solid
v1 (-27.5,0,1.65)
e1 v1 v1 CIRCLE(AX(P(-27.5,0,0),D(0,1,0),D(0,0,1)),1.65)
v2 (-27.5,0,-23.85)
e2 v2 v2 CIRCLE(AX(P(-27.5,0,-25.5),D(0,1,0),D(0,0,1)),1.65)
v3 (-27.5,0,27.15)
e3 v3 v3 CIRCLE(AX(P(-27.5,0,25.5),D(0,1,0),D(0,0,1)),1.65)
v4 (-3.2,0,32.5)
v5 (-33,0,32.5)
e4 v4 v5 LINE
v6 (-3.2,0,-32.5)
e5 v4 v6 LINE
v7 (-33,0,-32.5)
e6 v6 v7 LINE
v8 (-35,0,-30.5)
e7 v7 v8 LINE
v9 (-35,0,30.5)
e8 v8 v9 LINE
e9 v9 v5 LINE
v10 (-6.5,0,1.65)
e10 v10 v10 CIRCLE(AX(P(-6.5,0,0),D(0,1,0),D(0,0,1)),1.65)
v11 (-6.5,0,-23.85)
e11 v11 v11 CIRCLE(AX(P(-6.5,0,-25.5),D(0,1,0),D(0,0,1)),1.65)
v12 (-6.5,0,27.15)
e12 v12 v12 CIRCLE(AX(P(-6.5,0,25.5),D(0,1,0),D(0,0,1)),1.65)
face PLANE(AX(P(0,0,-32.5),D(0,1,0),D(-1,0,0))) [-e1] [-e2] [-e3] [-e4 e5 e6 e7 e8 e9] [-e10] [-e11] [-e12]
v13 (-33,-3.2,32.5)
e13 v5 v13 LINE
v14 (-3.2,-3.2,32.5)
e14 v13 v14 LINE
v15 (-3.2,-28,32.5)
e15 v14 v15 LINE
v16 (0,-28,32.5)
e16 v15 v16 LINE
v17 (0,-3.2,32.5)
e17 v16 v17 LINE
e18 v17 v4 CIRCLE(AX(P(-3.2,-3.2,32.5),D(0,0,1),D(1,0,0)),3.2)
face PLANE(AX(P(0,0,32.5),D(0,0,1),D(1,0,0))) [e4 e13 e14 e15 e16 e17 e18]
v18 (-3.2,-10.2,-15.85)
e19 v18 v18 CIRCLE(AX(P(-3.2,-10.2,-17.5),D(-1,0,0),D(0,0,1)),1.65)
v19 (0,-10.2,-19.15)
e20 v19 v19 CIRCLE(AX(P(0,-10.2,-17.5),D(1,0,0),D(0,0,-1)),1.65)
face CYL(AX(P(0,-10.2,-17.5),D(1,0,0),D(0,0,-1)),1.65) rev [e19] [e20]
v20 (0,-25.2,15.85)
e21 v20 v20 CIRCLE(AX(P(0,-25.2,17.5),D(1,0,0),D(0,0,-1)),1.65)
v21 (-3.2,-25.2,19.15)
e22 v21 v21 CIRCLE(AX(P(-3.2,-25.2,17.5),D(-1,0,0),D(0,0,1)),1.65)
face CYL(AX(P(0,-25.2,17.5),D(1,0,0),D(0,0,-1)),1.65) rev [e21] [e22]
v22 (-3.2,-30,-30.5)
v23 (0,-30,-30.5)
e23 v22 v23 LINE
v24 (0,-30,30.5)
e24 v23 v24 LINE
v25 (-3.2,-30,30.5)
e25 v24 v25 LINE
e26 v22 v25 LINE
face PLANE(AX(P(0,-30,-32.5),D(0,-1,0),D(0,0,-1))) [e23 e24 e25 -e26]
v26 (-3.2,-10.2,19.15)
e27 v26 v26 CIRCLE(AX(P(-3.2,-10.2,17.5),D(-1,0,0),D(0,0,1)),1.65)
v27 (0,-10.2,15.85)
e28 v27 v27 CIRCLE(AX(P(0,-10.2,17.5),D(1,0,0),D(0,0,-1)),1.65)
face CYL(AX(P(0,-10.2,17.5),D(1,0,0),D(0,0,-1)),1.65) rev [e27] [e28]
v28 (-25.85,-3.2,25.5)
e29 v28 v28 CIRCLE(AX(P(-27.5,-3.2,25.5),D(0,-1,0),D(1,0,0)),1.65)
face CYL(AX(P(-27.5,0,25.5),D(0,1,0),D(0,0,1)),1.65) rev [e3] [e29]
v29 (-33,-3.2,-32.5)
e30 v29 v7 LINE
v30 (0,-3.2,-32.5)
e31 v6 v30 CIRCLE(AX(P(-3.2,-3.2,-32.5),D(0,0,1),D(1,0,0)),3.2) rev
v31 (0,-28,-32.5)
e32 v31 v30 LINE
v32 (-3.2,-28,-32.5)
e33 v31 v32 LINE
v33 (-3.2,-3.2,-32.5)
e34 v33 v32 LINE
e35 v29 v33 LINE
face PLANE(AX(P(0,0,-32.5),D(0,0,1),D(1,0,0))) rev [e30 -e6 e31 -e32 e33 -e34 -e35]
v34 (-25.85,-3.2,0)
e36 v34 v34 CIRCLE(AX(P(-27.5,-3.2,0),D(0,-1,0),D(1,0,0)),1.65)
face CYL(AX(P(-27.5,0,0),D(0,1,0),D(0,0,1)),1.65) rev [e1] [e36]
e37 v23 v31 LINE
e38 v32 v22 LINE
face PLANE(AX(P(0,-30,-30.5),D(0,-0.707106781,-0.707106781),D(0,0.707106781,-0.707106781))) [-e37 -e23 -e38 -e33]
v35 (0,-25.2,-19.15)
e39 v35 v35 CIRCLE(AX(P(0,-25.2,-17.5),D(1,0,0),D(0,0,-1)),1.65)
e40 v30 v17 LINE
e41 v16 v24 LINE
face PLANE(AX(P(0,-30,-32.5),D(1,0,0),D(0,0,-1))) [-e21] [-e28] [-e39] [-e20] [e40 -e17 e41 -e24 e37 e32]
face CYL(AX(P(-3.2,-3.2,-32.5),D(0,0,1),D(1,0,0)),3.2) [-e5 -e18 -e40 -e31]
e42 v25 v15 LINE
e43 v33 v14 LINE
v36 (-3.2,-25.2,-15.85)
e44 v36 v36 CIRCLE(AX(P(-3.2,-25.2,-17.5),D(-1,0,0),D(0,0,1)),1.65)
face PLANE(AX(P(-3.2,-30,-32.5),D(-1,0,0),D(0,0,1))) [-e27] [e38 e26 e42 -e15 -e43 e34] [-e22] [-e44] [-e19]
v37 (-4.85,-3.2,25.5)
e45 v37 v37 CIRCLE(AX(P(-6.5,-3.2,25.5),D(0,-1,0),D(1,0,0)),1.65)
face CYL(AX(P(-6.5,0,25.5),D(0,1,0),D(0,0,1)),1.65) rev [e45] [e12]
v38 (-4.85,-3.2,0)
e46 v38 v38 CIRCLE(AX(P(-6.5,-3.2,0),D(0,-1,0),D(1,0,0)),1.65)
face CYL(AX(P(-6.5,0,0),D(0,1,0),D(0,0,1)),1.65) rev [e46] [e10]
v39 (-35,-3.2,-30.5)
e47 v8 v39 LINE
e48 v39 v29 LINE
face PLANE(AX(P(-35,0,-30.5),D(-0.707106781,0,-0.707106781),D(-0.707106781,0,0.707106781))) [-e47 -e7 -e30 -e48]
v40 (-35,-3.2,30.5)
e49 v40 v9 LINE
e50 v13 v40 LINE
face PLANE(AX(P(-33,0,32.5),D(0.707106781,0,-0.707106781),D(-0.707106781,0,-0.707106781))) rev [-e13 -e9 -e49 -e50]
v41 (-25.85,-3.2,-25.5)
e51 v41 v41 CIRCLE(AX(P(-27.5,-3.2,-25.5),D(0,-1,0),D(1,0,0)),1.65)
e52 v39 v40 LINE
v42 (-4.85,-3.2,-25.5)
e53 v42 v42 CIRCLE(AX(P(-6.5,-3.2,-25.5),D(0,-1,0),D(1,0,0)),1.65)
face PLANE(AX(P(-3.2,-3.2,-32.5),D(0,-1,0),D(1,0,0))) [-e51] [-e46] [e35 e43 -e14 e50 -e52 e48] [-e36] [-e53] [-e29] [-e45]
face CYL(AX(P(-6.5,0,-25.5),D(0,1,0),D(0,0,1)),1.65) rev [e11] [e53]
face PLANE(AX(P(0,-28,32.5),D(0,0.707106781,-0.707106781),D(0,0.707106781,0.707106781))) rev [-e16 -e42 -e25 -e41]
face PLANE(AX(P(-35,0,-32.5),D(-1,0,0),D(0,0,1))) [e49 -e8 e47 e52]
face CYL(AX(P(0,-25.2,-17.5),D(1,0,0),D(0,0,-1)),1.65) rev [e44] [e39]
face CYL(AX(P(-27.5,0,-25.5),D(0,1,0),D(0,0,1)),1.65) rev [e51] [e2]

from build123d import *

# Parameters (mm, degrees)
BOSS_EXTRUDE1_DEPTH       = 32.5
BOSS_EXTRUDE1_DEPTH_BACK  = 32.5
FILLET1_R                 = 3.2
M4X0_7_TAPPED_HOLE1_D     = 3.3
M4X0_7_TAPPED_HOLE1_DEPTH = 3.2
M4X0_7_TAPPED_HOLE2_D     = 3.3
M4X0_7_TAPPED_HOLE2_DEPTH = 3.2
LPATTERN1_COUNT           = 2
LPATTERN1_PITCH           = 21
LPATTERN1_COUNT_DIR2      = 3
LPATTERN1_PITCH_DIR2      = 25.5
CHAMFER1_SIZE             = 2


with BuildPart() as part:
    # Sketch1 → Boss-Extrude1 (new body, two sides)
    with BuildSketch(Plane.XY) as boss_extrude1_sk:
        Polygon((0, -30), (-3.2, -30), (-3.2, -3.2), (-35, -3.2), (-35, 0), (0, 0), align=None)
    extrude(amount=BOSS_EXTRUDE1_DEPTH)
    extrude(boss_extrude1_sk.sketch, amount=-BOSS_EXTRUDE1_DEPTH_BACK)

    # Fillet1
    fillet1_edges = [part.edges().sort_by_distance(p)[0] for p in [
        (0, 0, 0),
    ]]
    fillet(fillet1_edges, radius=FILLET1_R)

    # M4x0.7 Tapped Hole1
    with Locations(Plane(origin=(0, 0, 0), x_dir=(0, 0, -1), z_dir=(1, 0, 0))):
        with Locations((-17.5, -10.2), (-17.5, -25.2), (17.5, -25.2), (17.5, -10.2)):
            Hole(M4X0_7_TAPPED_HOLE1_D / 2, depth=M4X0_7_TAPPED_HOLE1_DEPTH)

    # M4x0.7 Tapped Hole2
    with Locations(Plane(origin=(0, 0, 0), x_dir=(-1, 0, 0), z_dir=(0, 1, 0))):
        with Locations((6.5, 25.5)):
            m4x0_7_tapped_hole2 = Hole(M4X0_7_TAPPED_HOLE2_D / 2, depth=M4X0_7_TAPPED_HOLE2_DEPTH)

    # LPattern1: M4x0.7 Tapped Hole2 2 × 3
    with Locations(*[(-i * LPATTERN1_PITCH, 0, -j * LPATTERN1_PITCH_DIR2) for i in range(LPATTERN1_COUNT) for j in range(LPATTERN1_COUNT_DIR2) if (i, j) != (0, 0)]):
        add(m4x0_7_tapped_hole2, mode=Mode.SUBTRACT)

    # Chamfer1
    chamfer1_edges = [part.edges().sort_by_distance(p)[0] for p in [
        (-35, -1.6, -32.5),
        (-35, -1.6, 32.5),
        (-1.6, -30, -32.5),
        (-1.6, -30, 32.5),
    ]]
    chamfer(chamfer1_edges, length=CHAMFER1_SIZE)


solid = part.part
